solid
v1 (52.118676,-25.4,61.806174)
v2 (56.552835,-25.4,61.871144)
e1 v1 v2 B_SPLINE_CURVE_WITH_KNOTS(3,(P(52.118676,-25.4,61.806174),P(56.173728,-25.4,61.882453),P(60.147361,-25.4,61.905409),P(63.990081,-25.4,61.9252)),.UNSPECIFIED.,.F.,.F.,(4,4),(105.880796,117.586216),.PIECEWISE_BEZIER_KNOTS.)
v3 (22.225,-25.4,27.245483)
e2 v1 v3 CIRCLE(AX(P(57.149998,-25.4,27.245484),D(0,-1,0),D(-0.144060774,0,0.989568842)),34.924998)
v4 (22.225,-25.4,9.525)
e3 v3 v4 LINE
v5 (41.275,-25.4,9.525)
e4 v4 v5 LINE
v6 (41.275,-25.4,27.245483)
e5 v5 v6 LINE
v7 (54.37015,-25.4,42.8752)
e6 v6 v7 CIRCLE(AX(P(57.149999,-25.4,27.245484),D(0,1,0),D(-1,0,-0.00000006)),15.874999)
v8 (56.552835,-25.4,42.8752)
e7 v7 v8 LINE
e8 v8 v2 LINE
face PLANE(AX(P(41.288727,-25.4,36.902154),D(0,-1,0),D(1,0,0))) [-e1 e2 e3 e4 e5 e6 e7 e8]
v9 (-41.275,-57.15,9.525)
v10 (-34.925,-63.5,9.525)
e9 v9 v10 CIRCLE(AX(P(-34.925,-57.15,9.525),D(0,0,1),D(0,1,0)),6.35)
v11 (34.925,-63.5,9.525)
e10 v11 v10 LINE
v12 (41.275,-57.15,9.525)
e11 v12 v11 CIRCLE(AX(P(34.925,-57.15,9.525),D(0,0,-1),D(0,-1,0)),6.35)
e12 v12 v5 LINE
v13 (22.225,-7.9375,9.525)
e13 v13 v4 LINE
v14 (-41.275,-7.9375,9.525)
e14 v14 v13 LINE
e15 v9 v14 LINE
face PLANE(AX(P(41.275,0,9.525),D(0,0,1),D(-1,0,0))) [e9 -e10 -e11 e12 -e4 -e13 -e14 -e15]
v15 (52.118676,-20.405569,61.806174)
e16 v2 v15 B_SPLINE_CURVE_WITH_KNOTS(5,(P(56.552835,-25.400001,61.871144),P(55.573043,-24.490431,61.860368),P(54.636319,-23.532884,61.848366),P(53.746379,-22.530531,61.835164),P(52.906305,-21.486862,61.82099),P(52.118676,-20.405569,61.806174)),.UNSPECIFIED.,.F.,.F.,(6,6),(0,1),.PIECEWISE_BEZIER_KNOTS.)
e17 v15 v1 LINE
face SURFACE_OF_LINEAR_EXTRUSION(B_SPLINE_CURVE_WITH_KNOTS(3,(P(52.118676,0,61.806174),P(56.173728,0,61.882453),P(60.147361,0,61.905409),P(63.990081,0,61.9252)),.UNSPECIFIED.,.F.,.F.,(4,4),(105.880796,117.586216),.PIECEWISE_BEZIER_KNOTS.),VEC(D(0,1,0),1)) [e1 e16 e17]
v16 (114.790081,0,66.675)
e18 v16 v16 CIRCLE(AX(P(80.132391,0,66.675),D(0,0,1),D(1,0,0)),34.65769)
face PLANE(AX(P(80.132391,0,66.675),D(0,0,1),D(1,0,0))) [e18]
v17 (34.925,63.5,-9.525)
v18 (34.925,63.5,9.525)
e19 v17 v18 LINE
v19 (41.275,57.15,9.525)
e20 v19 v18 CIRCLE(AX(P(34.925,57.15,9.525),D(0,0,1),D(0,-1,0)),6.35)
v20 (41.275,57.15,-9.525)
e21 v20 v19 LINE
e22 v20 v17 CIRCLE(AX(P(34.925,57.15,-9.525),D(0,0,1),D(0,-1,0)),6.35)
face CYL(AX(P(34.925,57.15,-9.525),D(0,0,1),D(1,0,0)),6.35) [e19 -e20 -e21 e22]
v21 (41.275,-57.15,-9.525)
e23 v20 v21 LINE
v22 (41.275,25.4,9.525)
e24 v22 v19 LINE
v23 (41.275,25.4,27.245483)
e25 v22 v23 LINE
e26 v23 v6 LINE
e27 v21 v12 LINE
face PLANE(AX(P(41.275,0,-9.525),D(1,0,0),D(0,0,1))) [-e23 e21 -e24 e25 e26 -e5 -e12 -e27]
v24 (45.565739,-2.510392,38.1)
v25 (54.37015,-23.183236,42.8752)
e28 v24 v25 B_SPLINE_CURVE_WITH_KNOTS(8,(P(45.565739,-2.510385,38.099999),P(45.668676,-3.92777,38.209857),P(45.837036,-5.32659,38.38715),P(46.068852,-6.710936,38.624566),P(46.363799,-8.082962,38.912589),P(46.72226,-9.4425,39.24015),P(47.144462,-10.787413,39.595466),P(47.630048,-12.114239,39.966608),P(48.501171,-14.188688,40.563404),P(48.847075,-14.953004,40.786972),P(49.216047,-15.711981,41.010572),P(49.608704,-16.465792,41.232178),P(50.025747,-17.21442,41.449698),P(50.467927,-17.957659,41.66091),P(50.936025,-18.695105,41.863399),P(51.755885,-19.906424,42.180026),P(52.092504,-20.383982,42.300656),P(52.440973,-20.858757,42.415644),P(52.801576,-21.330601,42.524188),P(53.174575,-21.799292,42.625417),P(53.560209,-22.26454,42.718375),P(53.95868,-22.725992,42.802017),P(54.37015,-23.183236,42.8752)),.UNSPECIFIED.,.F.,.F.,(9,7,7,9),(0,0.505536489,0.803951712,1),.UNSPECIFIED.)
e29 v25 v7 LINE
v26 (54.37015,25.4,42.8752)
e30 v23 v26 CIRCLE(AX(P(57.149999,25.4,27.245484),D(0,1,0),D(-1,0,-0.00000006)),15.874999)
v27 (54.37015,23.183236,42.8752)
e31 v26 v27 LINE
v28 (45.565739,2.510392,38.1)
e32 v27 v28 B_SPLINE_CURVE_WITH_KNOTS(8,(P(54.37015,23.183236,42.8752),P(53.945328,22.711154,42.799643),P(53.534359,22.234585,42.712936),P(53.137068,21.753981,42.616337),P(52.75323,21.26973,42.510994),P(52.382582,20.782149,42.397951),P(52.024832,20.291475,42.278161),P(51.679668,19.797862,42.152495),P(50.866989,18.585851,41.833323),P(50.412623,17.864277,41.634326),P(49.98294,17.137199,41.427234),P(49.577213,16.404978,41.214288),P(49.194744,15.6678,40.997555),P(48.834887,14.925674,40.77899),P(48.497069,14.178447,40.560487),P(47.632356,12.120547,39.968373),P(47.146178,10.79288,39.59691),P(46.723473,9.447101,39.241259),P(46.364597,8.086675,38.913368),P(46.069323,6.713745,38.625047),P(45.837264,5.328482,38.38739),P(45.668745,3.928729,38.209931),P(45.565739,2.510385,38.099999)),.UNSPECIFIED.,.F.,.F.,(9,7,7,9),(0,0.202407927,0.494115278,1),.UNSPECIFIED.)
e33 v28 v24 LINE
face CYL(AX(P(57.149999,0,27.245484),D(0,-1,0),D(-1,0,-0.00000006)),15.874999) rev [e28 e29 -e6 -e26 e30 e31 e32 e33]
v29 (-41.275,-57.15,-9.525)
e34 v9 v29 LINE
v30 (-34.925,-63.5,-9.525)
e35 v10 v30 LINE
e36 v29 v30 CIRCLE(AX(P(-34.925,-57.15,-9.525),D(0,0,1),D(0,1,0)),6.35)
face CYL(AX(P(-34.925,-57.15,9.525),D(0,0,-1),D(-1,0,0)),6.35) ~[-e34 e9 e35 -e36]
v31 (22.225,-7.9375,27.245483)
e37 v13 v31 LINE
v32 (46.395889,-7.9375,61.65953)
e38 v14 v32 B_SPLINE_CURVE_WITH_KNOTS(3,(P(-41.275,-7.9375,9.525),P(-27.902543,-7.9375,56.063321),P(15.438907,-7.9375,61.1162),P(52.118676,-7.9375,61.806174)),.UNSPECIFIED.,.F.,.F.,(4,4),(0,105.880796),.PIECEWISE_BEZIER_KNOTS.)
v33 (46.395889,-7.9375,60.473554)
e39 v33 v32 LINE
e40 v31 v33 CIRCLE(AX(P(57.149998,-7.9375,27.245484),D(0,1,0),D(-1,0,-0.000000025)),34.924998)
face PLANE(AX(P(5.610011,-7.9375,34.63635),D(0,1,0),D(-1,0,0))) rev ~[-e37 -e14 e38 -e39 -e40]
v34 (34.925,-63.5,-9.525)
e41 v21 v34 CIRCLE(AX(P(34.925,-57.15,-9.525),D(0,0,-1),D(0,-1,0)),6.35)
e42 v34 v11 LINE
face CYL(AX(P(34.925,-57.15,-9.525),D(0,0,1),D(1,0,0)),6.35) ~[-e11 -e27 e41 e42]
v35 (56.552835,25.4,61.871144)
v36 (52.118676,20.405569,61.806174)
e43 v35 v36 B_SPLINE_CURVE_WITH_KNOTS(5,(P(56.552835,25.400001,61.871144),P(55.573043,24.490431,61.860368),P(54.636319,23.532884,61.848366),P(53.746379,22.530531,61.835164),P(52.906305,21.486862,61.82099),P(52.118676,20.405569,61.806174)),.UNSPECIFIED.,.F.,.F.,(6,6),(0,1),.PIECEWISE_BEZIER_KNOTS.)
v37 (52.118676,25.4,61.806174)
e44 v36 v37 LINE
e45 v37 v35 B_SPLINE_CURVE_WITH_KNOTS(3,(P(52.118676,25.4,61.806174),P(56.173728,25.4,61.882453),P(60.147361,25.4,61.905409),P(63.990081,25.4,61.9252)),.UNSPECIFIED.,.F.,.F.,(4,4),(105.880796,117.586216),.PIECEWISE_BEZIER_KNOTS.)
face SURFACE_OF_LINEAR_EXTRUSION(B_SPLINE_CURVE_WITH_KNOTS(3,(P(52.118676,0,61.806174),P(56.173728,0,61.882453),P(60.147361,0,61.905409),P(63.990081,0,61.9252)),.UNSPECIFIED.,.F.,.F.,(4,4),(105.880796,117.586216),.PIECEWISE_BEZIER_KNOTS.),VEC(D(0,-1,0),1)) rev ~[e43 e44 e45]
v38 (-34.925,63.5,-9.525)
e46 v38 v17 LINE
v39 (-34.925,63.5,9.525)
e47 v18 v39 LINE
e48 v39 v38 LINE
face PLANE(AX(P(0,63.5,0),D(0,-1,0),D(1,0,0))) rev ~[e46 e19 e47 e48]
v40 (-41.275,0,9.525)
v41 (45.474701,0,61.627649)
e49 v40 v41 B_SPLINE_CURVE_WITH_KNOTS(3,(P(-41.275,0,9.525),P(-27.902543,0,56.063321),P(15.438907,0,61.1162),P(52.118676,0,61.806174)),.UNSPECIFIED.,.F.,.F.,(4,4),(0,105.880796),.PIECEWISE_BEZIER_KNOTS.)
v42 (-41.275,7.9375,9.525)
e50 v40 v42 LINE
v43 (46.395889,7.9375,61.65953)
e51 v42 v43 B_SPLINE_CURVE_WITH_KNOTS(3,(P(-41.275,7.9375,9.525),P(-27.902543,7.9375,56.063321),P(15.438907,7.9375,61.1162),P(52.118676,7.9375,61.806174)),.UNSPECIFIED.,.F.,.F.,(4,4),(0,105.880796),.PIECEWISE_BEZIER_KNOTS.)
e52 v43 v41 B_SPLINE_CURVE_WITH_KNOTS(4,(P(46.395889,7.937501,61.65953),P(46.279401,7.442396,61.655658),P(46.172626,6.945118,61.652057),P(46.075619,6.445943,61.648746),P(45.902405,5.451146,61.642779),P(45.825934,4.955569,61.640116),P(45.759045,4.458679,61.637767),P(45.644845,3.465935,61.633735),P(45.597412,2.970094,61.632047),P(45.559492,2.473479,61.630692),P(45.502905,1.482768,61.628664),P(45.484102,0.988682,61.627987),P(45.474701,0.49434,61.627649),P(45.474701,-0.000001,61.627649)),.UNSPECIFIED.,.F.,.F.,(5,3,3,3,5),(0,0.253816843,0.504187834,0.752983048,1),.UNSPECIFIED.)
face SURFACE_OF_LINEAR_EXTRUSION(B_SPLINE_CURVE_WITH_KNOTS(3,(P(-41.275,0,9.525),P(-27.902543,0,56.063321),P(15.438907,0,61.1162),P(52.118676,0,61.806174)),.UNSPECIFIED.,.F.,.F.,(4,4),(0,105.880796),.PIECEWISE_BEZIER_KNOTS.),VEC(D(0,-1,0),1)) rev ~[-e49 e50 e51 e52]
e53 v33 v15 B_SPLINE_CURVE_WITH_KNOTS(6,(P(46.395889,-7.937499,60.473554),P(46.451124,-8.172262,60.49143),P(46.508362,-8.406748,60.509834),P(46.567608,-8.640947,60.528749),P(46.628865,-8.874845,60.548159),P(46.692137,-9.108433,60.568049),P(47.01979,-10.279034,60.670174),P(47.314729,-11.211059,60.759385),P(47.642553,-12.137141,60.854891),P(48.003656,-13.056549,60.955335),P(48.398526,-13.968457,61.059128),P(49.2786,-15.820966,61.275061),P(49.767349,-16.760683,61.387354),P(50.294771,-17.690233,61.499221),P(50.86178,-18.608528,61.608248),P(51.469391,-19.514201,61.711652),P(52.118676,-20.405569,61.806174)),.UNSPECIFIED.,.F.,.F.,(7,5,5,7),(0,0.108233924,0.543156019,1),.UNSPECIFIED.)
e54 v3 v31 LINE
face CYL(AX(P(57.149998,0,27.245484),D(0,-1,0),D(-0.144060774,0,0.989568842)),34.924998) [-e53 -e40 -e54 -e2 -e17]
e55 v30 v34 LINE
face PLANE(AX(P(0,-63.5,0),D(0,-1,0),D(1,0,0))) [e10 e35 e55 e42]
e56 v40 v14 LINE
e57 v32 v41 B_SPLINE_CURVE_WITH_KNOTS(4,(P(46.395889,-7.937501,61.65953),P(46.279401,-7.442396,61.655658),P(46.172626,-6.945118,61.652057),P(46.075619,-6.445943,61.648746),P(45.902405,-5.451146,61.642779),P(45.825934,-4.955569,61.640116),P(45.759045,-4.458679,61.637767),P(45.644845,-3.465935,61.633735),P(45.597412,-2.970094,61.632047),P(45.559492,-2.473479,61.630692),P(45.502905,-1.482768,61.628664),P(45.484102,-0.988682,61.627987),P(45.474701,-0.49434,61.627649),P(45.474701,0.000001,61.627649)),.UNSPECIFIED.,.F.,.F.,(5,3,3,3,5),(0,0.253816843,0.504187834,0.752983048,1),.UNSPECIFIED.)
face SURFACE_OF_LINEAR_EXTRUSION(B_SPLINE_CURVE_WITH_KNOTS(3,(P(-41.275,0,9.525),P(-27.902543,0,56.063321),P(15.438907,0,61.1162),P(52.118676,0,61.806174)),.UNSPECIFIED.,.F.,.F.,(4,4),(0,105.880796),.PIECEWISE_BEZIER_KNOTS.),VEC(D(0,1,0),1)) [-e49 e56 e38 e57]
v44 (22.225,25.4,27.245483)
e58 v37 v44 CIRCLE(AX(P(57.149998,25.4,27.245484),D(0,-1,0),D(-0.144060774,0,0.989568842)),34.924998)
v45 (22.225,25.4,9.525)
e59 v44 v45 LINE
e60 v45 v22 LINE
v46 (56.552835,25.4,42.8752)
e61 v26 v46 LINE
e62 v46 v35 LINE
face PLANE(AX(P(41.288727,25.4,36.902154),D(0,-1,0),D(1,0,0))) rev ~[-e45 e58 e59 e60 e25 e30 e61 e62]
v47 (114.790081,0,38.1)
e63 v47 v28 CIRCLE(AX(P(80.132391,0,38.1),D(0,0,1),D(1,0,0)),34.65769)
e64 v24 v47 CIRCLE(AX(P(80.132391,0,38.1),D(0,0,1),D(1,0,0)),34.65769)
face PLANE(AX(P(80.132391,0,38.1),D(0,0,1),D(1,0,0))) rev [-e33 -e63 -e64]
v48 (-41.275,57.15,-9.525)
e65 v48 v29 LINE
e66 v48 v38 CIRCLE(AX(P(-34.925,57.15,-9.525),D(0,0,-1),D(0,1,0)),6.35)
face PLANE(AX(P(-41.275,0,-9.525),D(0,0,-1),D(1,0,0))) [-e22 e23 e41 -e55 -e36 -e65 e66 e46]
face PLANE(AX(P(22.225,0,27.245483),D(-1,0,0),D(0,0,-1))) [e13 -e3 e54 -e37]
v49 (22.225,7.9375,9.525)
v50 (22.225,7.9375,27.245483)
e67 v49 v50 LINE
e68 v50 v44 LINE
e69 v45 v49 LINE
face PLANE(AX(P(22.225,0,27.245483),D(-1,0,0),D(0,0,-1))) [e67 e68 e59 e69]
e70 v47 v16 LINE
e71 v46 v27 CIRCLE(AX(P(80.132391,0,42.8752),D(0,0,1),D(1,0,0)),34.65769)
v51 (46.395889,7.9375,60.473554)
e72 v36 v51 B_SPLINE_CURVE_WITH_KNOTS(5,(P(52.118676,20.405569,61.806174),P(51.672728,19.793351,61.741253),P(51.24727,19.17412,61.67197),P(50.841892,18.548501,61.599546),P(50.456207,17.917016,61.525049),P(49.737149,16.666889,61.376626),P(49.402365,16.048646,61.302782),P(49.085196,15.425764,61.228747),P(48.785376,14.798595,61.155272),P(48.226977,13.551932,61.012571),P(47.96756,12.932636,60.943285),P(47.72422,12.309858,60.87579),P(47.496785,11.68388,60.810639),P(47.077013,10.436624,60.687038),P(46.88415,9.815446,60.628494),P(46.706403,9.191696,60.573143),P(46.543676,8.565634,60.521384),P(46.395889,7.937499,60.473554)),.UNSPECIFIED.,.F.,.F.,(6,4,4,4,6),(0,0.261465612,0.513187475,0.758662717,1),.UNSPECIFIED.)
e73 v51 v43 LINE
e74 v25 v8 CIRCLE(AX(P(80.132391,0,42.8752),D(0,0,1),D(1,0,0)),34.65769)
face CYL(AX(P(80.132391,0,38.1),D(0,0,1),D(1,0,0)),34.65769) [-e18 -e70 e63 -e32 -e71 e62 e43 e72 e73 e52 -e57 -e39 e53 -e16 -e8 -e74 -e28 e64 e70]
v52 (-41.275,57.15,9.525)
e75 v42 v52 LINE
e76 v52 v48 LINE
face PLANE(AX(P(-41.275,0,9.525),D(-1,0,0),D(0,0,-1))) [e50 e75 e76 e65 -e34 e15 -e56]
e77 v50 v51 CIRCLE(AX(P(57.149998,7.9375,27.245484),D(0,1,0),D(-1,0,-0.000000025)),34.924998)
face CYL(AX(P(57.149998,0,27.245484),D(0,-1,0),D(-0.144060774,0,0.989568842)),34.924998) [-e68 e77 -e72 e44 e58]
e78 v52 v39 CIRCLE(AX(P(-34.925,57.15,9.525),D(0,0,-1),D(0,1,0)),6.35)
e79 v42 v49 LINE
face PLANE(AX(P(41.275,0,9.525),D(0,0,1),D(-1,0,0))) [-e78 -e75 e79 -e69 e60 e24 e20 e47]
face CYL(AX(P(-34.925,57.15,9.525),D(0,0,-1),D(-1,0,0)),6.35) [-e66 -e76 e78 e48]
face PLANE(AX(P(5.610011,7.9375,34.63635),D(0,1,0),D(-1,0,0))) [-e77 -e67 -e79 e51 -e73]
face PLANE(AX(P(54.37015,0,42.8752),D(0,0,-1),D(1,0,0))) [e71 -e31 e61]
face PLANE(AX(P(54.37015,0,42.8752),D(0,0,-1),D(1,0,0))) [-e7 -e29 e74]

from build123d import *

# Parameters (mm, degrees)
F1_DEPTH = 63.5
F0_W     = 16.14231
F0_H     = 19.05
F2_DEPTH = 25.4
F3_DEPTH = 7.9375
F5_R     = 6.35


with BuildPart() as f1:
    # F0 (on Front) → F1 (new body, symmetric)
    with BuildSketch(Plane.XZ):
        Polygon((22.225, 9.525), (-41.275, 9.525), (-41.275, -9.525), (41.275, -9.525), (41.275, 9.525), align=None)
    extrude(amount=F1_DEPTH, both=True)

    # F0 (on Front) → F2 (join, symmetric)
    with BuildSketch(Plane.XZ):
        with BuildLine():
            Line((22.225, 27.245483), (22.225, 9.525))
            Line((22.225, 9.525), (41.275, 9.525))
            Line((41.275, 9.525), (41.275, 27.245483))
            ThreePointArc((41.275, 27.245483), (44.98148, 37.440715), (54.37015, 42.8752))
            Line((54.37015, 42.8752), (63.990081, 42.8752))
            Line((63.990081, 42.8752), (63.990081, 61.9252))
            add(Edge.make_bspline(
                [(52.118676, 61.806174), (56.173728, 61.882453), (60.147361, 61.905409), (63.990081, 61.9252)],
                knots=[105.880796, 105.880796, 105.880796, 105.880796, 117.586216, 117.586216, 117.586216, 117.586216], degree=3))
            ThreePointArc((52.118676, 61.806174), (30.735282, 50.093203), (22.225, 27.245483))
        make_face()
        with Locations((72.061236, 52.4002)):
            Rectangle(F0_W, F0_H)
    extrude(amount=F2_DEPTH, both=True)

    # F0 (on Front) → F3 (join, symmetric)
    with BuildSketch(Plane.XZ):
        with BuildLine():
            add(Edge.make_bspline(
                [(-41.275, 9.525), (-27.902543, 56.063321), (15.438907, 61.1162), (52.118676, 61.806174)],
                knots=[0, 0, 0, 0, 105.880796, 105.880796, 105.880796, 105.880796], degree=3))
            Line((-41.275, 9.525), (22.225, 9.525))
            Line((22.225, 9.525), (22.225, 27.245483))
            ThreePointArc((22.225, 27.245483), (30.735282, 50.093203), (52.118676, 61.806174))
        make_face()
    extrude(amount=F3_DEPTH, both=True)

    # F0 (on Front) → F4 (revolve)
    with BuildSketch(Plane.XZ):
        Polygon((80.132391, 66.675), (80.132391, 61.9252), (80.132391, 42.8752), (80.132391, 38.1), (114.790081, 38.1), (114.790081, 66.675), align=None)
    revolve(axis=Axis((80.132391, 0, 52.3875), (0, 0, 1)))

    # F5
    f5_edges = [f1.edges().sort_by_distance(p)[0] for p in [
        (41.275, 63.5, 0),
        (-41.275, 63.5, 0),
        (-41.275, -63.5, 0),
        (41.275, -63.5, 0),
    ]]
    fillet(f5_edges, radius=F5_R)


solid = f1.part
